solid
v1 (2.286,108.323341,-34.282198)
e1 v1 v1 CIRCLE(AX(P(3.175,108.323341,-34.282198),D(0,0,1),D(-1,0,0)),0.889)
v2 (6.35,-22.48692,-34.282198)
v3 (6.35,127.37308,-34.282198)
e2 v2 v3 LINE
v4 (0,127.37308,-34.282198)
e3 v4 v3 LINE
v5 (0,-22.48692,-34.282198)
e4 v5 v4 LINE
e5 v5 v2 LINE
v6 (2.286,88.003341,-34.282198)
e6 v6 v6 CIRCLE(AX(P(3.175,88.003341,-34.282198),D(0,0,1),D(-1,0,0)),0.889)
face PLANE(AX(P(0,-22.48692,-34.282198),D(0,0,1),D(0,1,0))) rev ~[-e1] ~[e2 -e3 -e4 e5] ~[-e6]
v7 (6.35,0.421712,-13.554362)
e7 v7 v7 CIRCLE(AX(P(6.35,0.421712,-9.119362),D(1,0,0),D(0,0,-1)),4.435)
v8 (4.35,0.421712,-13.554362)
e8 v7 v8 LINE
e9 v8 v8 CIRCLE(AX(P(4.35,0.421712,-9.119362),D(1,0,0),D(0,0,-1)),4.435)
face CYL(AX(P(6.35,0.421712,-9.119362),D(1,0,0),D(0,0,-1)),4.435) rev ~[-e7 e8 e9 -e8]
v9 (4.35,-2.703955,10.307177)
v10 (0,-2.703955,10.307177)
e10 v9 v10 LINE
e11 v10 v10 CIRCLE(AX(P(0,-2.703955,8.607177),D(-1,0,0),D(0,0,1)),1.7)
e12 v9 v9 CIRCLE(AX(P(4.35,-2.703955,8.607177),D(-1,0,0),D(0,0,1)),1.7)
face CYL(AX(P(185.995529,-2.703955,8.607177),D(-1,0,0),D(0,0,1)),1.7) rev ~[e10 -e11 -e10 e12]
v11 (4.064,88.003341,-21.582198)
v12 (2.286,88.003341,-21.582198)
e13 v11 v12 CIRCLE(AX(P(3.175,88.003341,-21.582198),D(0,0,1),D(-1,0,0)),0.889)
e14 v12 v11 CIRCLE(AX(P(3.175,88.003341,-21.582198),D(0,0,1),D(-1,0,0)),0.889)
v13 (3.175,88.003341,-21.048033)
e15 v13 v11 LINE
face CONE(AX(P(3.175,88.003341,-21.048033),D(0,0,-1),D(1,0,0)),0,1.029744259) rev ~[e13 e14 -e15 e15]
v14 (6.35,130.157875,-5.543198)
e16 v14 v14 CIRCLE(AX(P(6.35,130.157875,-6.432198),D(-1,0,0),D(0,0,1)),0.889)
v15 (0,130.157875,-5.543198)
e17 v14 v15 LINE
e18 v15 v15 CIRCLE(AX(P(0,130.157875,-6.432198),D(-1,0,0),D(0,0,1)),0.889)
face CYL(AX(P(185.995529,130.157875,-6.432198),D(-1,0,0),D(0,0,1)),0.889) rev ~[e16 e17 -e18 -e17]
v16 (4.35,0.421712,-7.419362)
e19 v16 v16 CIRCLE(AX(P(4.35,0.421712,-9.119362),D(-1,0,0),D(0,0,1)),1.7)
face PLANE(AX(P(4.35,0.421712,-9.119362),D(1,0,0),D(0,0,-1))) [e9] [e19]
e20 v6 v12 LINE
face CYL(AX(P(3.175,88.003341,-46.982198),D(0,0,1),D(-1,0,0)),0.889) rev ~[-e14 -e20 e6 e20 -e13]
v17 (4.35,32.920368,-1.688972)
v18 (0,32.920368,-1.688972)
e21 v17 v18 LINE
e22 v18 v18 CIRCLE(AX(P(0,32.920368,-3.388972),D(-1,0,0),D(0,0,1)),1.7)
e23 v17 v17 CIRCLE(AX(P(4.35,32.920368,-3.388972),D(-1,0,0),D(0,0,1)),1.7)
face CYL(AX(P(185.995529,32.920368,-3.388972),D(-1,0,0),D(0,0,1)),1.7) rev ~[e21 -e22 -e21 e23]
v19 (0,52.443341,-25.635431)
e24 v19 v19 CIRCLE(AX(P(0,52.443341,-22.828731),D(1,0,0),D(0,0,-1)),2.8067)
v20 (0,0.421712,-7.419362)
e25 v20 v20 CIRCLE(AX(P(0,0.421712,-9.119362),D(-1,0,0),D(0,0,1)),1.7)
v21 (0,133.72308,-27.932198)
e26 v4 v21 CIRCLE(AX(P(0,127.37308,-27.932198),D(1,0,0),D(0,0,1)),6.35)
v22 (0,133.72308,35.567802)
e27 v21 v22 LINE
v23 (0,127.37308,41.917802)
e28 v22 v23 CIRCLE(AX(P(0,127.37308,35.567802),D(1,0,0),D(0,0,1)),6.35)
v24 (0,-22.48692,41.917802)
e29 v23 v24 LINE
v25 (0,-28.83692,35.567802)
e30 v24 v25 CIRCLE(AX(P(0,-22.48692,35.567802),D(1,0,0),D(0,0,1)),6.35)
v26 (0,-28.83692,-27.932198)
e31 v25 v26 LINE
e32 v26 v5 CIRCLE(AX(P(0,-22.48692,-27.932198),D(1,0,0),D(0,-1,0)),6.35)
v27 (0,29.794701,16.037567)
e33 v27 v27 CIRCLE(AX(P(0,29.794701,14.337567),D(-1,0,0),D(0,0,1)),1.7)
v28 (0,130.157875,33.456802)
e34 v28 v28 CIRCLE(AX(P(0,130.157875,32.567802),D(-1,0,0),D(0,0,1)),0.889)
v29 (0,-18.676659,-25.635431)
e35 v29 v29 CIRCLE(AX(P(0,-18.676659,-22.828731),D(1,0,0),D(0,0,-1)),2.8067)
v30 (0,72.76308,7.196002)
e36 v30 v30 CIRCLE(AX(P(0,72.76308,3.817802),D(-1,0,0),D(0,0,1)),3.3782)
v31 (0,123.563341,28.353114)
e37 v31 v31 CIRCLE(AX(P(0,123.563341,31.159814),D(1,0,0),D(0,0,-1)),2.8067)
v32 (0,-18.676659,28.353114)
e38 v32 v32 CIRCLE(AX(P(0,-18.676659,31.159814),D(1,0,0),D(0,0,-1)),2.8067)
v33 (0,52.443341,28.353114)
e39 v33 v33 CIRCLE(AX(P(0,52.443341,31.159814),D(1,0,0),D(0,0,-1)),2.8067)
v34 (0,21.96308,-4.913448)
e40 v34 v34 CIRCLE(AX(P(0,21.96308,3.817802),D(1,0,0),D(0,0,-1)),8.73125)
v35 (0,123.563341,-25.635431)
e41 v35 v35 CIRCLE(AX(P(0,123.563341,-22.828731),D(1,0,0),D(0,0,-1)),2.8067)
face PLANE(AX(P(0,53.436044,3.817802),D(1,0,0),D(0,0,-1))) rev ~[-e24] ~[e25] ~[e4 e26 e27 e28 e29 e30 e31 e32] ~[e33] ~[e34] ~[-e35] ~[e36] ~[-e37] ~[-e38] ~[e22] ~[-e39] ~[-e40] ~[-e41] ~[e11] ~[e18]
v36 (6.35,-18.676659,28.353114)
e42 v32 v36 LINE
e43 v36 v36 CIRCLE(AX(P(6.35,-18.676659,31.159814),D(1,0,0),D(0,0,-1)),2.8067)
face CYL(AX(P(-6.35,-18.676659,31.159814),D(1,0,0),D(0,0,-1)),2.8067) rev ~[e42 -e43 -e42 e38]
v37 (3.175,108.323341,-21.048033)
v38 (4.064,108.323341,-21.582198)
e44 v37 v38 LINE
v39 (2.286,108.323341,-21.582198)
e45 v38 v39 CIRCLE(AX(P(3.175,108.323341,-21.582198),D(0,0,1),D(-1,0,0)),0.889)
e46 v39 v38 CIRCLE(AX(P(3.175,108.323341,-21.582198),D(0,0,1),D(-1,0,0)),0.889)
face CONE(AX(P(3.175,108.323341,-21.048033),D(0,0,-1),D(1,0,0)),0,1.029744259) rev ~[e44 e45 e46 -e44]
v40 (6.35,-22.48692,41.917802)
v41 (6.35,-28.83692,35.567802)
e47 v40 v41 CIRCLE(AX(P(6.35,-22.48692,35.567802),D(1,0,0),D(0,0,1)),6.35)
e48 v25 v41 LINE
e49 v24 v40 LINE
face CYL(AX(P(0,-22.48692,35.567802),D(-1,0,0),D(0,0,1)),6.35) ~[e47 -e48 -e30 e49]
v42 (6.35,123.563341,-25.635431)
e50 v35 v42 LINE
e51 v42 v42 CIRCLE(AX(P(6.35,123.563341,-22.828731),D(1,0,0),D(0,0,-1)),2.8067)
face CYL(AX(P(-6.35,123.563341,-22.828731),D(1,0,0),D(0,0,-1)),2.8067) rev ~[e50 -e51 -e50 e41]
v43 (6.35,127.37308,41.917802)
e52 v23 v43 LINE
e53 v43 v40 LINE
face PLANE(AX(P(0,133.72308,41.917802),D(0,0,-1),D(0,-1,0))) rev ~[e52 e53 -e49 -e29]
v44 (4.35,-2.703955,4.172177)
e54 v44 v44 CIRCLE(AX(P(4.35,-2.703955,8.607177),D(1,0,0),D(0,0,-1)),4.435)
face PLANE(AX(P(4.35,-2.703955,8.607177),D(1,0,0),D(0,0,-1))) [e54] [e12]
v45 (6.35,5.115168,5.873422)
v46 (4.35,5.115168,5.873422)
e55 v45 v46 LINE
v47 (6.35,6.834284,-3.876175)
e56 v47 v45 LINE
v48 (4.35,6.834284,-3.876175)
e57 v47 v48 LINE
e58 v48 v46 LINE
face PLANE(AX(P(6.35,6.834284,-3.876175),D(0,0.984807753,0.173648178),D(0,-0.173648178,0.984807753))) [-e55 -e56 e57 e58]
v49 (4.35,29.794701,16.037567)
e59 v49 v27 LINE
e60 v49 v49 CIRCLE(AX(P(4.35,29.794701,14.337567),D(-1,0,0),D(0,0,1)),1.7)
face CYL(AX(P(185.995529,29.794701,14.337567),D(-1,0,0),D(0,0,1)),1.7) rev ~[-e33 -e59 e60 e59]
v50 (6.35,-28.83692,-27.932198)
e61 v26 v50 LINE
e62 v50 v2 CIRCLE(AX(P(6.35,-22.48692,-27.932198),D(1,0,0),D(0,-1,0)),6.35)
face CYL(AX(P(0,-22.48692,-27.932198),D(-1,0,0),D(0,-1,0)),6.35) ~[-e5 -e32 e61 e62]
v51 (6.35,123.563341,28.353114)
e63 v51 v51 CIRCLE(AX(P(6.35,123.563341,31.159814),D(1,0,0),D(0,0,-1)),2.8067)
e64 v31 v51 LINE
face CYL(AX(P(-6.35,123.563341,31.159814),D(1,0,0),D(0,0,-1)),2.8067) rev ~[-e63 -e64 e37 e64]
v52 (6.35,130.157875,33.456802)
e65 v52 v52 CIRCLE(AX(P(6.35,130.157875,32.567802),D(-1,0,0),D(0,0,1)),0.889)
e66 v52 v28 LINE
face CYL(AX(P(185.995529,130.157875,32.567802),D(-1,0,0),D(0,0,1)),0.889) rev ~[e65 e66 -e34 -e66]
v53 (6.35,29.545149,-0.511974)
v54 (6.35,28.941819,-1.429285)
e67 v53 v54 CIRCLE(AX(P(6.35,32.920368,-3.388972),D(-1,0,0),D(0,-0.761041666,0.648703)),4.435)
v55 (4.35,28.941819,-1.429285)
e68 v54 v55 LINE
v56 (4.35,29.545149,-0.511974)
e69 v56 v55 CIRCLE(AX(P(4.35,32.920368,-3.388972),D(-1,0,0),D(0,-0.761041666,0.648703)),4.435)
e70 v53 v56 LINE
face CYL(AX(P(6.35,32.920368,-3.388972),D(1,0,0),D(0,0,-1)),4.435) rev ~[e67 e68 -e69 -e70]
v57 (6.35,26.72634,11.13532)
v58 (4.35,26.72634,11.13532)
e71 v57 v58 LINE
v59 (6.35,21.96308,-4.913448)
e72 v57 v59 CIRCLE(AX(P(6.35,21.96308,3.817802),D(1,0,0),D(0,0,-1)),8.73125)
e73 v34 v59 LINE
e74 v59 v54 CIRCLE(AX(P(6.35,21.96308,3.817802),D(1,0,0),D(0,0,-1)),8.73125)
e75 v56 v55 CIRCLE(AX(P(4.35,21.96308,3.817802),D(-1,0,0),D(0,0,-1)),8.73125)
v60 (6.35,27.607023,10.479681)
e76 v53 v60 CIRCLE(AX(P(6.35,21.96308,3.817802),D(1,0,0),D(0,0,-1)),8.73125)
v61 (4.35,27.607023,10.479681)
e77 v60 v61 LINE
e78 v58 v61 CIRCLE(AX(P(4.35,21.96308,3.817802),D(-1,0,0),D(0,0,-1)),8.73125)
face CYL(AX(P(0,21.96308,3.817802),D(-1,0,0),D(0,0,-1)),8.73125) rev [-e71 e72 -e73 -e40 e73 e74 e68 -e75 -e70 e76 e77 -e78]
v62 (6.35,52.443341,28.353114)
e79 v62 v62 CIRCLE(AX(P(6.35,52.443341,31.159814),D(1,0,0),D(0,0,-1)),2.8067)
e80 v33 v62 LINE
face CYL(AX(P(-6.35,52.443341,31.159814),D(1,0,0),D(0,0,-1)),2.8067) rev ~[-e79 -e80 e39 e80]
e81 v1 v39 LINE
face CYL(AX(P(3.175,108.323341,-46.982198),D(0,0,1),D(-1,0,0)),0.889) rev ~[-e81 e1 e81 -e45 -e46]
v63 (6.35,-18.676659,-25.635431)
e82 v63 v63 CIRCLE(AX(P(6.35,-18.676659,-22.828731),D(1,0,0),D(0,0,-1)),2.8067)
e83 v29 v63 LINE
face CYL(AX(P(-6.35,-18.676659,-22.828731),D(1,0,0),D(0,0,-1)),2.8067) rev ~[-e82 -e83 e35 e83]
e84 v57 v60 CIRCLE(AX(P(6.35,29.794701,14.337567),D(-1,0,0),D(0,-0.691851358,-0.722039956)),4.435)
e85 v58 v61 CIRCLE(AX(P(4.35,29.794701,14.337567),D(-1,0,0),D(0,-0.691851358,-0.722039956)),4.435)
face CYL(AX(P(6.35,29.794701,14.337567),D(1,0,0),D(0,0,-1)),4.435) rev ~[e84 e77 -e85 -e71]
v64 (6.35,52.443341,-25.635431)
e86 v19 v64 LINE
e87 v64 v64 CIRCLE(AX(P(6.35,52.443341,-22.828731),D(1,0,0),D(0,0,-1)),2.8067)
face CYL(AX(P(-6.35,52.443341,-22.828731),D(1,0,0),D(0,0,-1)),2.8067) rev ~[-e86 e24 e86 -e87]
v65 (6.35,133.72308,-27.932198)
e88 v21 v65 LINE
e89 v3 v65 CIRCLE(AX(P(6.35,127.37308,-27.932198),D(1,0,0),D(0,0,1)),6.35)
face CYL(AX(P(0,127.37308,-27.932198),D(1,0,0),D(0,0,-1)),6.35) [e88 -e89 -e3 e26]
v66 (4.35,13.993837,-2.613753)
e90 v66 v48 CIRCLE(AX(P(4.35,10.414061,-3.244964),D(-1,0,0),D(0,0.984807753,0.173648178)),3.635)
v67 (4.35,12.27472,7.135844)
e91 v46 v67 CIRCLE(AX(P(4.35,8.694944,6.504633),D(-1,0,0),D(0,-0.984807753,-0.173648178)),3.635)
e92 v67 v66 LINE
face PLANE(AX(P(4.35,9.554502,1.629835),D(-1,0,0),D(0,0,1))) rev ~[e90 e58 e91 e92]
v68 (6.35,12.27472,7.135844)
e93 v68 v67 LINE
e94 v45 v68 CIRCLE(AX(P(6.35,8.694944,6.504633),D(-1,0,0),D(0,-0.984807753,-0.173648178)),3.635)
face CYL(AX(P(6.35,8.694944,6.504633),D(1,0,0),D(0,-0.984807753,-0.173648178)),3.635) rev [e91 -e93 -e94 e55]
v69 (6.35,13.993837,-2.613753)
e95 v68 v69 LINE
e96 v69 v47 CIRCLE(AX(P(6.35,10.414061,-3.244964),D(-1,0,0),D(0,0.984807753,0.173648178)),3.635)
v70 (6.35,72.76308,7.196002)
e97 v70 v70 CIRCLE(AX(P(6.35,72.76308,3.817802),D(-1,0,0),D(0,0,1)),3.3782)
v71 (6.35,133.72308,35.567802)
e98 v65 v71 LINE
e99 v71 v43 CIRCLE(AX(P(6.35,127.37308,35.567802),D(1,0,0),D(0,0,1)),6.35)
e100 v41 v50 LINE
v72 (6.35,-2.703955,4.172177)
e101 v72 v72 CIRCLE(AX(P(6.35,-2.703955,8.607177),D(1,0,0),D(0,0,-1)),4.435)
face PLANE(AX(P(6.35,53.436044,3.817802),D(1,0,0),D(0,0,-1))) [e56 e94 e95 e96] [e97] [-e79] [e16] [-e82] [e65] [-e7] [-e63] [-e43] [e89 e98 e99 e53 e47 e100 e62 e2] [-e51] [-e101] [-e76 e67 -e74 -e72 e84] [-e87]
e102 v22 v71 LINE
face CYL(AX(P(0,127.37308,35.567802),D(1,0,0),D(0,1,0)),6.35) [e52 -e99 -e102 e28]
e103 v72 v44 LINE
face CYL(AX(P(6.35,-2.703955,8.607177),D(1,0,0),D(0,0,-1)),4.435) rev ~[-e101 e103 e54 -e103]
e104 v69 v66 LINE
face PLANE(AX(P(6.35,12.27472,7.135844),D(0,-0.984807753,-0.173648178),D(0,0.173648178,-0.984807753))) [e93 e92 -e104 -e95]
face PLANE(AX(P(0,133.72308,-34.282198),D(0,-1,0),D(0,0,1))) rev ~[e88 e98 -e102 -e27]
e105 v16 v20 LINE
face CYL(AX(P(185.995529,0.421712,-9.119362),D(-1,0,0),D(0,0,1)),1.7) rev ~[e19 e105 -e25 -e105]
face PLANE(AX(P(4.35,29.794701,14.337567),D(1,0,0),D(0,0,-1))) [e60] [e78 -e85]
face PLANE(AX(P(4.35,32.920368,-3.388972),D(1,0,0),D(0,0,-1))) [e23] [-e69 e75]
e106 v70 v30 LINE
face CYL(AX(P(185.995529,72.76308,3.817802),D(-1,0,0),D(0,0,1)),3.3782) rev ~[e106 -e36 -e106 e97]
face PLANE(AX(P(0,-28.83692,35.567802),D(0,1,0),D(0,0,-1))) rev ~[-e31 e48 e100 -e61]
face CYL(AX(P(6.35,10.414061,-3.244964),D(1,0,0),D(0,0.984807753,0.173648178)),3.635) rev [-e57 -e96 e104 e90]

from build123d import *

# Parameters (mm, degrees)
SKETCH1_R                      = 8.73125
BOSS_EXTRUDE1_DEPTH            = 6.35
SKETCH7_R                      = 7.235
SKETCH7_R_2                    = 4.435
CUT_EXTRUDE2_DEPTH             = 2.000000064
M3_CLEARANCE_HOLE2_D           = 3.4
F_2_0_221_DIAMETER_HOLE1_D     = 5.6134
F_2_0_221_DIAMETER_HOLE1_DEPTH = 6.35
F_1_4_CLEARANCE_HOLE2_D        = 6.7564
TAP_DRILL_FOR_2_56_TAP2_D      = 1.778
TAP_DRILL_FOR_2_56_TAP2_DEPTH  = 12.7
TAP_DRILL_FOR_2_56_TAP2_TIP    = 0.53416509
FILLET1_R                      = 6.35
TAP_DRILL_FOR_2_56_TAP1_D      = 1.778


with BuildPart() as part:
    # Sketch1 → Boss-Extrude1 (new body)
    with BuildSketch(Plane(origin=(0, 0, 0), x_dir=(0, 0, -1), z_dir=(1, 0, 0))):
        with BuildLine():
            Line((34.282198326, -22.486920134), (34.282198326, 133.723079866))
            Line((34.282198326, 133.723079866), (-41.917801674, 133.723079866))
            Line((-41.917801674, 133.723079866), (-41.917801674, -22.486920134))
            ThreePointArc((-41.917801674, -22.486920134), (-40.057929734, -26.977048194), (-35.567801674, -28.836920134))
            Line((-35.567801674, -28.836920134), (27.932198326, -28.836920134))
            ThreePointArc((27.932198326, -28.836920134), (32.422326387, -26.977048194), (34.282198326, -22.486920134))
        make_face()
        with Locations((-3.817801674, 21.963079866)):
            Circle(SKETCH1_R, mode=Mode.SUBTRACT)
    extrude(amount=BOSS_EXTRUDE1_DEPTH)

    # Sketch7 → Cut-Extrude2 (cut)
    with BuildSketch(Plane(origin=(6.35, 0, 0), x_dir=(0, 0, -1), z_dir=(1, 0, 0))):
        with Locations((-3.817801674, 21.963079866)):
            Circle(SKETCH7_R)
        with Locations((3.388972242, 32.920368331)):
            Circle(SKETCH7_R_2)
        with Locations((-14.337567313, 29.794701133)):
            Circle(SKETCH7_R_2)
        with Locations((9.119362105, 0.421712482)):
            Circle(SKETCH7_R_2)
        with Locations((-8.60717745, -2.703954716)):
            Circle(SKETCH7_R_2)
        with BuildLine():
            Line((-7.135844138, 12.274719881), (2.613752617, 13.99383684))
            ThreePointArc((2.613752617, 13.99383684), (6.824739925, 11.045271784), (3.876174868, 6.834284476))
            Line((3.876174868, 6.834284476), (-5.873421887, 5.115167517))
            ThreePointArc((-5.873421887, 5.115167517), (-10.084409195, 8.063732573), (-7.135844138, 12.274719881))
        make_face()
    extrude(amount=-CUT_EXTRUDE2_DEPTH, mode=Mode.SUBTRACT)

    # M3 Clearance Hole2 (through all)
    with Locations(Plane(origin=(6.35, 0, 0), x_dir=(0, 0, -1), z_dir=(1, 0, 0))):
        with Locations((9.119362105, 0.421712482), (-8.60717745, -2.703954716), (-14.337567313, 29.794701133), (3.388972242, 32.920368331)):
            Hole(M3_CLEARANCE_HOLE2_D / 2)

    # #2 (0.221) Diameter Hole1
    with Locations(Plane.ZY):
        with Locations((-22.828731326, 123.563340866), (31.159813674, 123.563340866), (31.159813674, 52.443340866), (-22.828731326, 52.443340866), (-22.828731326, -18.676659134), (31.159813674, -18.676659134)):
            Hole(F_2_0_221_DIAMETER_HOLE1_D / 2, depth=F_2_0_221_DIAMETER_HOLE1_DEPTH)

    # 1/4 Clearance Hole2 (through all)
    with Locations(Plane(origin=(6.35, 0, 0), x_dir=(0, 0, -1), z_dir=(1, 0, 0))):
        with Locations((-3.817801674, 72.763079866)):
            Hole(F_1_4_CLEARANCE_HOLE2_D / 2)

    # Tap Drill for #2-56 Tap2
    with Locations(Plane(origin=(0, 167.140830498, -34.282198326), x_dir=(1, 0, 0), z_dir=(0, 0, -1))):
        with Locations((3.175, 58.817489631), (3.175, 79.137489631)):
            Hole(TAP_DRILL_FOR_2_56_TAP2_D / 2, depth=TAP_DRILL_FOR_2_56_TAP2_DEPTH)
            with Locations((0, 0, -(TAP_DRILL_FOR_2_56_TAP2_DEPTH + TAP_DRILL_FOR_2_56_TAP2_TIP / 2))):  # 118° drill point
                Cone(0, TAP_DRILL_FOR_2_56_TAP2_D / 2, TAP_DRILL_FOR_2_56_TAP2_TIP, mode=Mode.SUBTRACT)

    # Fillet1
    fillet1_edges = [part.edges().sort_by_distance(p)[0] for p in [
        (3.175, 133.723079866, 41.917801674),
        (3.175, 133.723079866, -34.282198326),
    ]]
    fillet(fillet1_edges, radius=FILLET1_R)

    # Tap Drill for #2-56 Tap1 (through all)
    with Locations(Plane(origin=(6.35, 0, 0), x_dir=(0, 0, -1), z_dir=(1, 0, 0))):
        with Locations((6.432198326, 130.157875406), (-32.567801674, 130.157875406)):
            Hole(TAP_DRILL_FOR_2_56_TAP1_D / 2)


solid = part.part
